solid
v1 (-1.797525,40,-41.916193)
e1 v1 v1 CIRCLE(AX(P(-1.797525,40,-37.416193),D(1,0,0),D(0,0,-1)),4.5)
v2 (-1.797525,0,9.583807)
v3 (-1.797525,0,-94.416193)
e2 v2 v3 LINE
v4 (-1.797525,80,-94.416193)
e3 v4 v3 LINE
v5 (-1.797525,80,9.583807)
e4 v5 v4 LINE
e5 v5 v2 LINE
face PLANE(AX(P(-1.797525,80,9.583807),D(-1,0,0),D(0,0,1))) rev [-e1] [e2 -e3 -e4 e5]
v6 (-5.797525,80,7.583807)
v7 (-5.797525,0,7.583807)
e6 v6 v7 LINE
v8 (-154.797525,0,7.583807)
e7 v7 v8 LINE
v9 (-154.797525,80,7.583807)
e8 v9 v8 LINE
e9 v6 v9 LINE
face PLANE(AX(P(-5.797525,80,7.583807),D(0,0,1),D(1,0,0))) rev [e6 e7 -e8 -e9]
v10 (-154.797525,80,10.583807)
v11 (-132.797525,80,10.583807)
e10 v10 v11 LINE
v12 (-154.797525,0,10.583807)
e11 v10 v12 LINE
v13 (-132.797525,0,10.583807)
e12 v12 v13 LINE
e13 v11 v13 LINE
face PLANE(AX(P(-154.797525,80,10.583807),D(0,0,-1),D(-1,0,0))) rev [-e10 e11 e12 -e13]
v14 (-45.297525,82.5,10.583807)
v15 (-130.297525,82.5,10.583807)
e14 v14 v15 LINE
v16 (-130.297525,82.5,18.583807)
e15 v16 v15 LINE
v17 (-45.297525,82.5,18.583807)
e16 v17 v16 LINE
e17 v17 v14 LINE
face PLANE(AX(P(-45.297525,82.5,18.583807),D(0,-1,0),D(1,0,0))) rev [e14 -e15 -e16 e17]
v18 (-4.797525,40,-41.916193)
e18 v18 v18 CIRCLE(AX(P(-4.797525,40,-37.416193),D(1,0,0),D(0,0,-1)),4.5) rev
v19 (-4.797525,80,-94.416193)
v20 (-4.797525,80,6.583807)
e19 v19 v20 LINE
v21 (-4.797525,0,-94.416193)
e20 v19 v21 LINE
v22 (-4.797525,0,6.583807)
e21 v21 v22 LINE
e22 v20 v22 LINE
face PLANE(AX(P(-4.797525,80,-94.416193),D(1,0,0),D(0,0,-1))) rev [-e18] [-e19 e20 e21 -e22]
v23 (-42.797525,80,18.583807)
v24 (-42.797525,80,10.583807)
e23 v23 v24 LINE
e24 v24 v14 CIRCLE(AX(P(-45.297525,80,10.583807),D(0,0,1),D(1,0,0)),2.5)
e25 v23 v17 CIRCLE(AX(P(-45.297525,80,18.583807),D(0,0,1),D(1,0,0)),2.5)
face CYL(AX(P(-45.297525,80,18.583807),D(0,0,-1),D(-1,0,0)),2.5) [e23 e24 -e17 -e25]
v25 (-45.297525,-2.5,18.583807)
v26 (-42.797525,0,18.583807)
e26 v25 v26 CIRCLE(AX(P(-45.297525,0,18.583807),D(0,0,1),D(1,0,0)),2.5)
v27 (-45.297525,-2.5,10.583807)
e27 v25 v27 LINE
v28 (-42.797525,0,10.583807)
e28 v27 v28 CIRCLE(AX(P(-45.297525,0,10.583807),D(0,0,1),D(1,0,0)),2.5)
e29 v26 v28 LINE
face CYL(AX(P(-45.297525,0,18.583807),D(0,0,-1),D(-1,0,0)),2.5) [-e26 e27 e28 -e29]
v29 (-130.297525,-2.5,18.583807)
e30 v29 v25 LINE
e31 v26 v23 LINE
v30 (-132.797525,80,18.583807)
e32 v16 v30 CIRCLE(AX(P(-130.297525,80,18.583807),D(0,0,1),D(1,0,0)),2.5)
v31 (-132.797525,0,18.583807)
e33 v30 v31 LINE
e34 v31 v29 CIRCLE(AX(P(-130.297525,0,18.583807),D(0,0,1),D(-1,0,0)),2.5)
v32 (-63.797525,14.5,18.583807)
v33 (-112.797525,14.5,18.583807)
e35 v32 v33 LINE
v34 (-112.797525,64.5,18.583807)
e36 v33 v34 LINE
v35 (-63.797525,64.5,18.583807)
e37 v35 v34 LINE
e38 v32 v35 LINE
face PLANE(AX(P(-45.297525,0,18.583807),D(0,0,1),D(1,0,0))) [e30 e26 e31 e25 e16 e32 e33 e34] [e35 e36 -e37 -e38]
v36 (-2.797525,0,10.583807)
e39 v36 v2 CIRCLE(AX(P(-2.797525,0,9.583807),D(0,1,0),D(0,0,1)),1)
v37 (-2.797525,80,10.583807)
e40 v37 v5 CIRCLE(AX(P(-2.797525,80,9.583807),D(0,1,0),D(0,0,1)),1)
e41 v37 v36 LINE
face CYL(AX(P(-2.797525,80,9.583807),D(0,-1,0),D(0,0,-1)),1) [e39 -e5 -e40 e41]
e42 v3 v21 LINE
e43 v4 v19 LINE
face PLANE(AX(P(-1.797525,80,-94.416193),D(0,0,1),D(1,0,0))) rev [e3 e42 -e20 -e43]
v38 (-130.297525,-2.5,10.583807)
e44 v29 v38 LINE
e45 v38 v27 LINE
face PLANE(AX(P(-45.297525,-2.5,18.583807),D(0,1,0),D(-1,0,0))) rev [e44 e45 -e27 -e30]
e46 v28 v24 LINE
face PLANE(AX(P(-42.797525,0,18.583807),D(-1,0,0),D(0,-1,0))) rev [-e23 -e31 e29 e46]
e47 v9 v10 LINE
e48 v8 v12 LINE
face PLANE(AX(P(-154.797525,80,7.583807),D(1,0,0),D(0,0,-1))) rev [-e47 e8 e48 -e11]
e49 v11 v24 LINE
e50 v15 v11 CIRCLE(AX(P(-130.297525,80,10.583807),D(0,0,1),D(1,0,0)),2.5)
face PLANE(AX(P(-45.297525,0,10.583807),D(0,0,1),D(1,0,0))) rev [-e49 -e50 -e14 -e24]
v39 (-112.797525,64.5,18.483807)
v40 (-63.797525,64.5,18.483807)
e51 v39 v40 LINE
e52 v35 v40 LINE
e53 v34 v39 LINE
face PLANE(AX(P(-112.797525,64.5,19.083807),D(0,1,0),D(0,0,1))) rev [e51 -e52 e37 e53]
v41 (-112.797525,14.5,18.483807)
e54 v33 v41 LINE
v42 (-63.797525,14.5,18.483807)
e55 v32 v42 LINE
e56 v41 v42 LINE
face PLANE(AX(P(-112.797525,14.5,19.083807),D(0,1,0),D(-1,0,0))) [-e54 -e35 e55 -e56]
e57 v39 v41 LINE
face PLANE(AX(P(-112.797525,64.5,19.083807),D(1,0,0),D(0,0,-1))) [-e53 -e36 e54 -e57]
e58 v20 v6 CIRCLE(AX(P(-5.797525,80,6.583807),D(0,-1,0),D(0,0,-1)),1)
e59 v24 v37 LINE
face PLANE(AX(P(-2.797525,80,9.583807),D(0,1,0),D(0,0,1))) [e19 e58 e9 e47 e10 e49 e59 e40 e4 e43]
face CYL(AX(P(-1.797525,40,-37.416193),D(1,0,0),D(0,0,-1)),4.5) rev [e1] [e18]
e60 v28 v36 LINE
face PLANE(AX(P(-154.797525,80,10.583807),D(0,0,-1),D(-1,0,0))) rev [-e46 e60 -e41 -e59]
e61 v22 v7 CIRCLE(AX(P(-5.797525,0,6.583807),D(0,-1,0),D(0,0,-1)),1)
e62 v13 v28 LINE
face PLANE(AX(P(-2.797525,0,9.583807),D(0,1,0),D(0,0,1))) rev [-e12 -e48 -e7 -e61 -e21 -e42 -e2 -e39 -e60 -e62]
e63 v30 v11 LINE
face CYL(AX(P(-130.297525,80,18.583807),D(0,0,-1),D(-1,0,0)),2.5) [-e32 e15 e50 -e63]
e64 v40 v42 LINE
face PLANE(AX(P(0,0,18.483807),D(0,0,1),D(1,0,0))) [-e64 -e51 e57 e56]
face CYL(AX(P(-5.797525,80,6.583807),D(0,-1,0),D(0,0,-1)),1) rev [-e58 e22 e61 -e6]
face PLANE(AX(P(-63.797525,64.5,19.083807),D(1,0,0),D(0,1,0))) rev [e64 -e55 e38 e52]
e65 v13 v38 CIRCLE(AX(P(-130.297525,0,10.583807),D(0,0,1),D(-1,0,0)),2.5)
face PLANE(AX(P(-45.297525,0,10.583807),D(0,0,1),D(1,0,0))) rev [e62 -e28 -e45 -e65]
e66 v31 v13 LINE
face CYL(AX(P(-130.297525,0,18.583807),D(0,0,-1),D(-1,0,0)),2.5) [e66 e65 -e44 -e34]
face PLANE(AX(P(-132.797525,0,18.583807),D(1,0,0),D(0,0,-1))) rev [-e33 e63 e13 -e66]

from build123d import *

# Parameters (mm, degrees)
AUFSATZ_LINEAR_AUSTRAGEN1_DEPTH      = 80
AUFSATZ_LINEAR_AUSTRAGEN2_DEPTH      = 8
SKIZZE3_W                            = 49
SKIZZE3_H                            = 50
AUFSATZ_LINEAR_AUSTRAGEN4_DEPTH      = 0.5
AUFSATZ_LINEAR_AUSTRAGEN4_DEPTH_BACK = 0.1
DURCHGANGSLOCH_F_R_M81_D             = 9


with BuildPart() as part:
    # Skizze1 → Aufsatz-Linear austragen1 (new body)
    with BuildSketch(Plane(origin=(0, 0, 0), x_dir=(1, 0, 0), z_dir=(0, 1, 0))):
        with BuildLine():
            Line((-154.797525399, -7.583806671), (-154.797525399, -10.583806671))
            Line((-154.797525399, -10.583806671), (-2.797525399, -10.583806671))
            ThreePointArc((-2.797525399, -10.583806671), (-2.090418618, -10.290913452), (-1.797525399, -9.583806671))
            Line((-1.797525399, -9.583806671), (-1.797525399, 94.416193329))
            Line((-1.797525399, 94.416193329), (-4.797525399, 94.416193329))
            Line((-4.797525399, 94.416193329), (-4.797525399, -6.583806671))
            ThreePointArc((-4.797525399, -6.583806671), (-5.090418618, -7.290913452), (-5.797525399, -7.583806671))
            Line((-5.797525399, -7.583806671), (-154.797525399, -7.583806671))
        make_face()
    extrude(amount=AUFSATZ_LINEAR_AUSTRAGEN1_DEPTH)

    # Skizze2 → Aufsatz-Linear austragen2 (add)
    with BuildSketch(Plane.XY.offset(10.583806671)):
        with BuildLine():
            Line((-45.297525399, -2.5), (-130.297525399, -2.5))
            ThreePointArc((-130.297525399, -2.5), (-132.065292352, -1.767766953), (-132.797525399, 0))
            Line((-132.797525399, 0), (-132.797525399, 80))
            ThreePointArc((-132.797525399, 80), (-132.065292352, 81.767766953), (-130.297525399, 82.5))
            Line((-130.297525399, 82.5), (-45.297525399, 82.5))
            ThreePointArc((-45.297525399, 82.5), (-43.529758446, 81.767766953), (-42.797525399, 80))
            Line((-42.797525399, 80), (-42.797525399, 0))
            ThreePointArc((-42.797525399, 0), (-43.529758446, -1.767766953), (-45.297525399, -2.5))
        make_face()
    extrude(amount=AUFSATZ_LINEAR_AUSTRAGEN2_DEPTH)


with BuildPart() as body_2:
    # Skizze3 → Aufsatz-Linear austragen4 (new body, two sides)
    with BuildSketch(Plane.XY.offset(18.583806671)) as aufsatz_linear_austragen4_sk:
        with Locations((-88.297525399, 39.5)):
            Rectangle(SKIZZE3_W, SKIZZE3_H)
    extrude(amount=AUFSATZ_LINEAR_AUSTRAGEN4_DEPTH)
    extrude(aufsatz_linear_austragen4_sk.sketch, amount=-AUFSATZ_LINEAR_AUSTRAGEN4_DEPTH_BACK)


with BuildPart() as part_1:
    add(part.part)

    # Kombinieren1: cut body 2
    add(body_2.part, mode=Mode.SUBTRACT)

    # Durchgangsloch für M81 (through all)
    with Locations(Plane(origin=(-1.797525399, 0, 0), x_dir=(0, 0, -1), z_dir=(1, 0, 0))):
        with Locations((37.416193329, 40)):
            Hole(DURCHGANGSLOCH_F_R_M81_D / 2)


solid = part_1.part
